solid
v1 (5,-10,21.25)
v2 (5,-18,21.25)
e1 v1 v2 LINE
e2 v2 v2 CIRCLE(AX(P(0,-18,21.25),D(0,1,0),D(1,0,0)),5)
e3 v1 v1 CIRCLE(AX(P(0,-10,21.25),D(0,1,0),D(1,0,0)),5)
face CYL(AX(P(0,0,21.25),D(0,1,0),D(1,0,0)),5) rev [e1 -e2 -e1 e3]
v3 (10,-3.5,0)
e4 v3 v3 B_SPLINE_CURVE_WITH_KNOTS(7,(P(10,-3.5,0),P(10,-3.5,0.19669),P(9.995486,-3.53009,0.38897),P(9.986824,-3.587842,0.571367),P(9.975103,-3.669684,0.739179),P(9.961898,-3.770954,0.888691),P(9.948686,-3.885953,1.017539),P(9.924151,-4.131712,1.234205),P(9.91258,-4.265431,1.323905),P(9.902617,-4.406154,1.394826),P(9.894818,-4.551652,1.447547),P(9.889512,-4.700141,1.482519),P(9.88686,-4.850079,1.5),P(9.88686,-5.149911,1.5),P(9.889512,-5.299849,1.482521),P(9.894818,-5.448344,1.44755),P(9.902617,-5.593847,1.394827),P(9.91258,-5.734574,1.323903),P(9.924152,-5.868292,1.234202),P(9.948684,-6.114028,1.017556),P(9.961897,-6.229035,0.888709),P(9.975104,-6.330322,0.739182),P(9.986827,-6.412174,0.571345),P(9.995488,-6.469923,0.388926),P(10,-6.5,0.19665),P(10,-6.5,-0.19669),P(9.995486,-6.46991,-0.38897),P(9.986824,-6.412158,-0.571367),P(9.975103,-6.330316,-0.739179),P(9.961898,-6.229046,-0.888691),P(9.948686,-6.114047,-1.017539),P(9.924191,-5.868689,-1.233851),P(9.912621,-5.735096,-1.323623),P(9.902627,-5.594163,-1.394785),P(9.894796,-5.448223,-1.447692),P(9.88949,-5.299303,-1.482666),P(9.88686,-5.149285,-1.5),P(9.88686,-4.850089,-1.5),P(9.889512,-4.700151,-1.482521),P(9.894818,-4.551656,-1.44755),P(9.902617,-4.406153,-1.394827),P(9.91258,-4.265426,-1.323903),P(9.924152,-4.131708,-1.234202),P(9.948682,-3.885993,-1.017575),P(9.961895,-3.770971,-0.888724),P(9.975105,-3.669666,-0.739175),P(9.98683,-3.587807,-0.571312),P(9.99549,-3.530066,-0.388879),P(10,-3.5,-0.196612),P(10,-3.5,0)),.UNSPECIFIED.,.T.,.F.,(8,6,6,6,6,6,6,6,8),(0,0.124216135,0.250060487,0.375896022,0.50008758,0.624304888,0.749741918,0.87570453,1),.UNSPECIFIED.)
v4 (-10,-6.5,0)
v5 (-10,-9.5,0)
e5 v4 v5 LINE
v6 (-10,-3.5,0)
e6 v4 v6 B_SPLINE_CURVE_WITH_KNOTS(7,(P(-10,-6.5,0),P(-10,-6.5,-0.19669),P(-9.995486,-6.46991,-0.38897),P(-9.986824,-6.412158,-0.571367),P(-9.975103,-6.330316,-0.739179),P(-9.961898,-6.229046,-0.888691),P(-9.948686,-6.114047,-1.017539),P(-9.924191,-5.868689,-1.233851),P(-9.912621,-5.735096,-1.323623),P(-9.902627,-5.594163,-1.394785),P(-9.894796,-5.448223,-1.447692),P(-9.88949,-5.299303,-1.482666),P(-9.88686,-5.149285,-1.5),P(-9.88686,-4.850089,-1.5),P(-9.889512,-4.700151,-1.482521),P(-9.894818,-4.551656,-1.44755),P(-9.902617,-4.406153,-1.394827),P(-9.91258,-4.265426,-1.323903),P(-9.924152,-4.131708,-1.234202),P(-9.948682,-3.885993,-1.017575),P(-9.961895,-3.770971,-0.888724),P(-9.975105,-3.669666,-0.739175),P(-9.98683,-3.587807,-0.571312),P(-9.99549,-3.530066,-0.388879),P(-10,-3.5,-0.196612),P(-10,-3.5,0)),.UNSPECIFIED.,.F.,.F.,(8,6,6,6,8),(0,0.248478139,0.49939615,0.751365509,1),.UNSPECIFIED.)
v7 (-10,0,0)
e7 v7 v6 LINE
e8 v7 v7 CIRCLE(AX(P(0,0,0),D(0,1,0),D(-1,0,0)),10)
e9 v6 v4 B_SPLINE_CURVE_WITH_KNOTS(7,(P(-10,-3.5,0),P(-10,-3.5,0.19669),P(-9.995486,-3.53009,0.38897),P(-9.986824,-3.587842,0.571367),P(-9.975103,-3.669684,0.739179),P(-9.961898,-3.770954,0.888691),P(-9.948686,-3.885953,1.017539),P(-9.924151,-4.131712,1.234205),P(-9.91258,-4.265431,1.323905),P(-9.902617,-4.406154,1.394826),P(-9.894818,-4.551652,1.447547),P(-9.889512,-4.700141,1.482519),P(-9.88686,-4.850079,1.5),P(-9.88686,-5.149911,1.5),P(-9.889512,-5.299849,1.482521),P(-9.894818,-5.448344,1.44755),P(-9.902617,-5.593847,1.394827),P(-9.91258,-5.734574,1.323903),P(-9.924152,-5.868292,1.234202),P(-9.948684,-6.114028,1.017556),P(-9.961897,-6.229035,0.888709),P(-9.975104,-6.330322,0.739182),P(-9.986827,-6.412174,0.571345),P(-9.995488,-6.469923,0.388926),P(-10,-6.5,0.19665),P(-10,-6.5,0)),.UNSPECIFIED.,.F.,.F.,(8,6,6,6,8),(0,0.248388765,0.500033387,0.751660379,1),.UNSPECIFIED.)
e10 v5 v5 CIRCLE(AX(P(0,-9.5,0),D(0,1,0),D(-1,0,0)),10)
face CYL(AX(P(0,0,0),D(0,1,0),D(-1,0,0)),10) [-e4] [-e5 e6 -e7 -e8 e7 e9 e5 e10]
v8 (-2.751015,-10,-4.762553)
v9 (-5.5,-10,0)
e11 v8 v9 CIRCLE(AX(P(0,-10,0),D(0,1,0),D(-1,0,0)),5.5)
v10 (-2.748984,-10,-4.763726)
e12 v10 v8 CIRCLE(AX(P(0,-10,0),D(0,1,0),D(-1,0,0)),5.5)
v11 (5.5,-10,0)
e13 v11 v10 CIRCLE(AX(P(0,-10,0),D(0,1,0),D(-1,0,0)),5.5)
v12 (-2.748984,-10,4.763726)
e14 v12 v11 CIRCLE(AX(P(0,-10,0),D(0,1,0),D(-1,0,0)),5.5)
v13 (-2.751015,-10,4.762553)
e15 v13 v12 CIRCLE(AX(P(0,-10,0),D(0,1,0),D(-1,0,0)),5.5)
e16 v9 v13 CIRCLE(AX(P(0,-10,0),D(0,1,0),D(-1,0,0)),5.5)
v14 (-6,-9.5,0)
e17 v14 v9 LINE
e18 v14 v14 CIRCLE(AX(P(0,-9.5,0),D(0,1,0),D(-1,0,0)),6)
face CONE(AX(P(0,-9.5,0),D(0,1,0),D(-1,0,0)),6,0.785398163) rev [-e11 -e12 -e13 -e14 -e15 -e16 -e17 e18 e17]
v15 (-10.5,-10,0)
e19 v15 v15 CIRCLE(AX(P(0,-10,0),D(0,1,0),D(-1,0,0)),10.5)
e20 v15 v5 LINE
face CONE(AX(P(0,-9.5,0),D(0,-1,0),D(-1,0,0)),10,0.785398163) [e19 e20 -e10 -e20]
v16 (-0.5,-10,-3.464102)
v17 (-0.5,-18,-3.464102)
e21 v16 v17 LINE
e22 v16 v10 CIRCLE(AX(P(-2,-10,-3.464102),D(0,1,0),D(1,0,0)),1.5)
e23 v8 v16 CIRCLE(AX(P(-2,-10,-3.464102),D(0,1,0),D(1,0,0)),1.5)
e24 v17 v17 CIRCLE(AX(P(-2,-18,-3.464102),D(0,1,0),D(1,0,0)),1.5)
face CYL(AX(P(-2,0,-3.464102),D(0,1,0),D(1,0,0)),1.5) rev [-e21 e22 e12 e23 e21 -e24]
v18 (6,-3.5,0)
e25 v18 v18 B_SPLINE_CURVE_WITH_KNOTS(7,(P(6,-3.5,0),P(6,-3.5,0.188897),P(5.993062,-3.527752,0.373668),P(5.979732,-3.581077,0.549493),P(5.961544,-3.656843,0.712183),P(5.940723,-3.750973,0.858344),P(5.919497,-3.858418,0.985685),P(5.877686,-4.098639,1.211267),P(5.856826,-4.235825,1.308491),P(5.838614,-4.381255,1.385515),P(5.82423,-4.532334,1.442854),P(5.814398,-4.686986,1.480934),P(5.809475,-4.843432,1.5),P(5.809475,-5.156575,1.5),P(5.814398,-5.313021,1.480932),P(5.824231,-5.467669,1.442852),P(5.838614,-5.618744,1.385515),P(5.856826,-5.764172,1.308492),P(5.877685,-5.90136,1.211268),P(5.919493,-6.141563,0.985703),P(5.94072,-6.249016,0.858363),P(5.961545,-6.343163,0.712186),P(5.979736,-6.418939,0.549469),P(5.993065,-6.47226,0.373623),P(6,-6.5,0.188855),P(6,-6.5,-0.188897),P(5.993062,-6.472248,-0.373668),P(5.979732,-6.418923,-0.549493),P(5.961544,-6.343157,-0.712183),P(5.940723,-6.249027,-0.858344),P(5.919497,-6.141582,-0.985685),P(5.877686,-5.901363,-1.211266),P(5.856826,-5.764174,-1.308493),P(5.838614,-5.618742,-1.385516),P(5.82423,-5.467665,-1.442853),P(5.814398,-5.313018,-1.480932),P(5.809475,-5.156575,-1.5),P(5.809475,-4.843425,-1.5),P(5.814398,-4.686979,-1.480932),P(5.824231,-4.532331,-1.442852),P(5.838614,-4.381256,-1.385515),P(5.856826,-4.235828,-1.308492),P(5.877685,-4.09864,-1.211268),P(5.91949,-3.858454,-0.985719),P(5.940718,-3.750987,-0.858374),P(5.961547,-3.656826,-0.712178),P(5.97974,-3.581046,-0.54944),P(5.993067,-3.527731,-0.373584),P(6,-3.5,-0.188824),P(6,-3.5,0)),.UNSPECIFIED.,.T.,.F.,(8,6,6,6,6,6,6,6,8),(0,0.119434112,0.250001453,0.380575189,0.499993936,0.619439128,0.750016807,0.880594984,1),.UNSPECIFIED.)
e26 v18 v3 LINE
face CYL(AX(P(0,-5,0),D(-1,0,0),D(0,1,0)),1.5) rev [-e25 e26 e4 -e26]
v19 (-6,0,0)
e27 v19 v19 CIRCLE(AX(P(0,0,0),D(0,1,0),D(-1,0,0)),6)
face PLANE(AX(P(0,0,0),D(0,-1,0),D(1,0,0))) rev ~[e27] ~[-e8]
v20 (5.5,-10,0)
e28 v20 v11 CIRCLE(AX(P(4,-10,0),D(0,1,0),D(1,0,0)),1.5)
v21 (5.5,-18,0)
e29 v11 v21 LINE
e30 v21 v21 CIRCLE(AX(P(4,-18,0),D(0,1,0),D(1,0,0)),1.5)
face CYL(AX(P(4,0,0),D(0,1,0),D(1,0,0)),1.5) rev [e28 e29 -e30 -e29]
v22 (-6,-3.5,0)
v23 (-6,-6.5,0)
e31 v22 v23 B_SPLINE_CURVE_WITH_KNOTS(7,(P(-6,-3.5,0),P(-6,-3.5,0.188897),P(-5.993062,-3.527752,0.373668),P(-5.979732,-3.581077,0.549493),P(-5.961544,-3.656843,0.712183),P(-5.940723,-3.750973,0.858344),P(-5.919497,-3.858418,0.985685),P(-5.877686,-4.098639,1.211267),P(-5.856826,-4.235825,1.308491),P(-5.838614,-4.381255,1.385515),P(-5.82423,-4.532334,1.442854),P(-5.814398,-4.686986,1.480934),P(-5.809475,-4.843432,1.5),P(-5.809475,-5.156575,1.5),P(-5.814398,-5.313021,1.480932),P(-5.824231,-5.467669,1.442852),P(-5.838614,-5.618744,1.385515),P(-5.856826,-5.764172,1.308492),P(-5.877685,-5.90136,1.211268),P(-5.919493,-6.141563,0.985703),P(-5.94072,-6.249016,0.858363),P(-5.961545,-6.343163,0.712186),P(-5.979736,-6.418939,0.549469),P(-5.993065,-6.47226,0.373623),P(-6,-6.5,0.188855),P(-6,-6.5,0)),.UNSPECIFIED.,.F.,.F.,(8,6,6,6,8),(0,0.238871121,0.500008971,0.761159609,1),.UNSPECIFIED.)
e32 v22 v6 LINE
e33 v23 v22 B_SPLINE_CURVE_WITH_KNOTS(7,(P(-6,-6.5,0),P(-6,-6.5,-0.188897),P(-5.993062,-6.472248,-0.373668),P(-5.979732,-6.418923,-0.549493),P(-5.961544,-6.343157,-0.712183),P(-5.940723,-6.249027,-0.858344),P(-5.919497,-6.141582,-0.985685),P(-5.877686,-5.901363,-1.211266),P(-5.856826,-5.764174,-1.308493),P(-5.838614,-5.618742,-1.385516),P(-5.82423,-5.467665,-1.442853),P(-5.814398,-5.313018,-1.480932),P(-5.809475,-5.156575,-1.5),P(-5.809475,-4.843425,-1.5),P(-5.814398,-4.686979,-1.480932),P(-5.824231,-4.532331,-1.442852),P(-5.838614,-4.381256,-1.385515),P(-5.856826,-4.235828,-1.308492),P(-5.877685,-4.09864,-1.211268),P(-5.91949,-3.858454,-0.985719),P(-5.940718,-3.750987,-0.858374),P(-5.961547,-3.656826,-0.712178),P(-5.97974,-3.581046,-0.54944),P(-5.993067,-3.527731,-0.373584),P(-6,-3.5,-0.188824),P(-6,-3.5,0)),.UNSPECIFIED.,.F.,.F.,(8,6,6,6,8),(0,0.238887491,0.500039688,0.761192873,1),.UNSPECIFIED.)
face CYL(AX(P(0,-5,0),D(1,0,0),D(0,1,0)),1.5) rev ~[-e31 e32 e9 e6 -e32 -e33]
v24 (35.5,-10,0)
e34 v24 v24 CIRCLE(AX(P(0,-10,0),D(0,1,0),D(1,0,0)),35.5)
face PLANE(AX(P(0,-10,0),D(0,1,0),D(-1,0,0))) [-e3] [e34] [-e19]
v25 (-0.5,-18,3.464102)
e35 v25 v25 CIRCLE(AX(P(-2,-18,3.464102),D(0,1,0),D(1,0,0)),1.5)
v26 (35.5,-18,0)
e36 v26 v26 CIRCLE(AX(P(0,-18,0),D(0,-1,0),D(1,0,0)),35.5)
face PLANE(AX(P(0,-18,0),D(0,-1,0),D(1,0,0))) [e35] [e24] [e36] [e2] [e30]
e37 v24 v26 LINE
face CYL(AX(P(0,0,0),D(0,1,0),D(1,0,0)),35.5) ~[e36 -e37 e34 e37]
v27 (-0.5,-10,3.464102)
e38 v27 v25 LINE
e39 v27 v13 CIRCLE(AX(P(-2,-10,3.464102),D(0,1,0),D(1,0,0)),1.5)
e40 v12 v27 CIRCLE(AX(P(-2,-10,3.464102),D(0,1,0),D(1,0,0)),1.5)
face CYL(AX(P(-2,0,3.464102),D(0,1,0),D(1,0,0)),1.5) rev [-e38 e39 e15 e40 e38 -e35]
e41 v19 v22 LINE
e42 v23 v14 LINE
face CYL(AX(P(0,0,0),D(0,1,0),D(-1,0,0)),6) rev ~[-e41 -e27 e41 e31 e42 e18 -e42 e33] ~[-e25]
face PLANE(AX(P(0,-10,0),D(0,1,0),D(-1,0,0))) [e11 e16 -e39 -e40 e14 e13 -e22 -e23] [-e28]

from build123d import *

# Parameters (mm, degrees)
F0_R          = 35.5
F1_DEPTH      = 18
F2_R          = 65
F2_R_2        = 10
F3_DEPTH      = 10
F4_R          = 6
F5_DEPTH      = 10
F6_SIZE       = 0.5
F7_R          = 1.5
F8_DEPTH      = 25
F8_DEPTH_BACK = 25
F9_R          = 5
F10_DEPTH     = 25
F11_SIZE      = 0.5
F12_R         = 1.5
F13_DEPTH     = 20


with BuildPart() as f1:
    # F0 (on Front) → F1 (new body)
    with BuildSketch(Plane.XZ):
        Circle(F0_R)
    extrude(amount=F1_DEPTH)

    # F2 (on face) → F3 (cut)
    with BuildSketch(Plane(origin=(0, 0, 0), x_dir=(-1, 0, 0), z_dir=(0, 1, 0))):
        Circle(F2_R)
        Circle(F2_R_2, mode=Mode.SUBTRACT)
    extrude(amount=-F3_DEPTH, mode=Mode.SUBTRACT)

    # F4 (on face) → F5 (cut)
    with BuildSketch(Plane(origin=(0, 0, 0), x_dir=(-1, 0, 0), z_dir=(0, 1, 0))):
        Circle(F4_R)
    extrude(amount=-F5_DEPTH, mode=Mode.SUBTRACT)

    # F6
    f6_edges = [f1.edges().sort_by_distance(p)[0] for p in [
        (10, -10, 0),
    ]]
    chamfer(f6_edges, length=F6_SIZE)

    # F7 (on Right) → F8 (cut, two sides)
    with BuildSketch(Plane.YZ) as f8_sk:
        with Locations((-5, 0)):
            Circle(F7_R)
    extrude(amount=F8_DEPTH, mode=Mode.SUBTRACT)
    extrude(f8_sk.sketch, amount=-F8_DEPTH_BACK, mode=Mode.SUBTRACT)

    # F9 (on Front) → F10 (cut)
    with BuildSketch(Plane.XZ):
        with Locations((0, 21.25)):
            Circle(F9_R)
    extrude(amount=F10_DEPTH, mode=Mode.SUBTRACT)

    # F11
    f11_edges = [f1.edges().sort_by_distance(p)[0] for p in [
        (6, -10, 0),
    ]]
    chamfer(f11_edges, length=F11_SIZE)

    # F12 (on Front) → F13 (cut)
    with BuildSketch(Plane.XZ):
        with Locations((-2, 3.464102)):
            Circle(F12_R)
        with Locations((-2, -3.464102)):
            Circle(F12_R)
        with Locations((4, 0)):
            Circle(F12_R)
    extrude(amount=F13_DEPTH, mode=Mode.SUBTRACT)


solid = f1.part
